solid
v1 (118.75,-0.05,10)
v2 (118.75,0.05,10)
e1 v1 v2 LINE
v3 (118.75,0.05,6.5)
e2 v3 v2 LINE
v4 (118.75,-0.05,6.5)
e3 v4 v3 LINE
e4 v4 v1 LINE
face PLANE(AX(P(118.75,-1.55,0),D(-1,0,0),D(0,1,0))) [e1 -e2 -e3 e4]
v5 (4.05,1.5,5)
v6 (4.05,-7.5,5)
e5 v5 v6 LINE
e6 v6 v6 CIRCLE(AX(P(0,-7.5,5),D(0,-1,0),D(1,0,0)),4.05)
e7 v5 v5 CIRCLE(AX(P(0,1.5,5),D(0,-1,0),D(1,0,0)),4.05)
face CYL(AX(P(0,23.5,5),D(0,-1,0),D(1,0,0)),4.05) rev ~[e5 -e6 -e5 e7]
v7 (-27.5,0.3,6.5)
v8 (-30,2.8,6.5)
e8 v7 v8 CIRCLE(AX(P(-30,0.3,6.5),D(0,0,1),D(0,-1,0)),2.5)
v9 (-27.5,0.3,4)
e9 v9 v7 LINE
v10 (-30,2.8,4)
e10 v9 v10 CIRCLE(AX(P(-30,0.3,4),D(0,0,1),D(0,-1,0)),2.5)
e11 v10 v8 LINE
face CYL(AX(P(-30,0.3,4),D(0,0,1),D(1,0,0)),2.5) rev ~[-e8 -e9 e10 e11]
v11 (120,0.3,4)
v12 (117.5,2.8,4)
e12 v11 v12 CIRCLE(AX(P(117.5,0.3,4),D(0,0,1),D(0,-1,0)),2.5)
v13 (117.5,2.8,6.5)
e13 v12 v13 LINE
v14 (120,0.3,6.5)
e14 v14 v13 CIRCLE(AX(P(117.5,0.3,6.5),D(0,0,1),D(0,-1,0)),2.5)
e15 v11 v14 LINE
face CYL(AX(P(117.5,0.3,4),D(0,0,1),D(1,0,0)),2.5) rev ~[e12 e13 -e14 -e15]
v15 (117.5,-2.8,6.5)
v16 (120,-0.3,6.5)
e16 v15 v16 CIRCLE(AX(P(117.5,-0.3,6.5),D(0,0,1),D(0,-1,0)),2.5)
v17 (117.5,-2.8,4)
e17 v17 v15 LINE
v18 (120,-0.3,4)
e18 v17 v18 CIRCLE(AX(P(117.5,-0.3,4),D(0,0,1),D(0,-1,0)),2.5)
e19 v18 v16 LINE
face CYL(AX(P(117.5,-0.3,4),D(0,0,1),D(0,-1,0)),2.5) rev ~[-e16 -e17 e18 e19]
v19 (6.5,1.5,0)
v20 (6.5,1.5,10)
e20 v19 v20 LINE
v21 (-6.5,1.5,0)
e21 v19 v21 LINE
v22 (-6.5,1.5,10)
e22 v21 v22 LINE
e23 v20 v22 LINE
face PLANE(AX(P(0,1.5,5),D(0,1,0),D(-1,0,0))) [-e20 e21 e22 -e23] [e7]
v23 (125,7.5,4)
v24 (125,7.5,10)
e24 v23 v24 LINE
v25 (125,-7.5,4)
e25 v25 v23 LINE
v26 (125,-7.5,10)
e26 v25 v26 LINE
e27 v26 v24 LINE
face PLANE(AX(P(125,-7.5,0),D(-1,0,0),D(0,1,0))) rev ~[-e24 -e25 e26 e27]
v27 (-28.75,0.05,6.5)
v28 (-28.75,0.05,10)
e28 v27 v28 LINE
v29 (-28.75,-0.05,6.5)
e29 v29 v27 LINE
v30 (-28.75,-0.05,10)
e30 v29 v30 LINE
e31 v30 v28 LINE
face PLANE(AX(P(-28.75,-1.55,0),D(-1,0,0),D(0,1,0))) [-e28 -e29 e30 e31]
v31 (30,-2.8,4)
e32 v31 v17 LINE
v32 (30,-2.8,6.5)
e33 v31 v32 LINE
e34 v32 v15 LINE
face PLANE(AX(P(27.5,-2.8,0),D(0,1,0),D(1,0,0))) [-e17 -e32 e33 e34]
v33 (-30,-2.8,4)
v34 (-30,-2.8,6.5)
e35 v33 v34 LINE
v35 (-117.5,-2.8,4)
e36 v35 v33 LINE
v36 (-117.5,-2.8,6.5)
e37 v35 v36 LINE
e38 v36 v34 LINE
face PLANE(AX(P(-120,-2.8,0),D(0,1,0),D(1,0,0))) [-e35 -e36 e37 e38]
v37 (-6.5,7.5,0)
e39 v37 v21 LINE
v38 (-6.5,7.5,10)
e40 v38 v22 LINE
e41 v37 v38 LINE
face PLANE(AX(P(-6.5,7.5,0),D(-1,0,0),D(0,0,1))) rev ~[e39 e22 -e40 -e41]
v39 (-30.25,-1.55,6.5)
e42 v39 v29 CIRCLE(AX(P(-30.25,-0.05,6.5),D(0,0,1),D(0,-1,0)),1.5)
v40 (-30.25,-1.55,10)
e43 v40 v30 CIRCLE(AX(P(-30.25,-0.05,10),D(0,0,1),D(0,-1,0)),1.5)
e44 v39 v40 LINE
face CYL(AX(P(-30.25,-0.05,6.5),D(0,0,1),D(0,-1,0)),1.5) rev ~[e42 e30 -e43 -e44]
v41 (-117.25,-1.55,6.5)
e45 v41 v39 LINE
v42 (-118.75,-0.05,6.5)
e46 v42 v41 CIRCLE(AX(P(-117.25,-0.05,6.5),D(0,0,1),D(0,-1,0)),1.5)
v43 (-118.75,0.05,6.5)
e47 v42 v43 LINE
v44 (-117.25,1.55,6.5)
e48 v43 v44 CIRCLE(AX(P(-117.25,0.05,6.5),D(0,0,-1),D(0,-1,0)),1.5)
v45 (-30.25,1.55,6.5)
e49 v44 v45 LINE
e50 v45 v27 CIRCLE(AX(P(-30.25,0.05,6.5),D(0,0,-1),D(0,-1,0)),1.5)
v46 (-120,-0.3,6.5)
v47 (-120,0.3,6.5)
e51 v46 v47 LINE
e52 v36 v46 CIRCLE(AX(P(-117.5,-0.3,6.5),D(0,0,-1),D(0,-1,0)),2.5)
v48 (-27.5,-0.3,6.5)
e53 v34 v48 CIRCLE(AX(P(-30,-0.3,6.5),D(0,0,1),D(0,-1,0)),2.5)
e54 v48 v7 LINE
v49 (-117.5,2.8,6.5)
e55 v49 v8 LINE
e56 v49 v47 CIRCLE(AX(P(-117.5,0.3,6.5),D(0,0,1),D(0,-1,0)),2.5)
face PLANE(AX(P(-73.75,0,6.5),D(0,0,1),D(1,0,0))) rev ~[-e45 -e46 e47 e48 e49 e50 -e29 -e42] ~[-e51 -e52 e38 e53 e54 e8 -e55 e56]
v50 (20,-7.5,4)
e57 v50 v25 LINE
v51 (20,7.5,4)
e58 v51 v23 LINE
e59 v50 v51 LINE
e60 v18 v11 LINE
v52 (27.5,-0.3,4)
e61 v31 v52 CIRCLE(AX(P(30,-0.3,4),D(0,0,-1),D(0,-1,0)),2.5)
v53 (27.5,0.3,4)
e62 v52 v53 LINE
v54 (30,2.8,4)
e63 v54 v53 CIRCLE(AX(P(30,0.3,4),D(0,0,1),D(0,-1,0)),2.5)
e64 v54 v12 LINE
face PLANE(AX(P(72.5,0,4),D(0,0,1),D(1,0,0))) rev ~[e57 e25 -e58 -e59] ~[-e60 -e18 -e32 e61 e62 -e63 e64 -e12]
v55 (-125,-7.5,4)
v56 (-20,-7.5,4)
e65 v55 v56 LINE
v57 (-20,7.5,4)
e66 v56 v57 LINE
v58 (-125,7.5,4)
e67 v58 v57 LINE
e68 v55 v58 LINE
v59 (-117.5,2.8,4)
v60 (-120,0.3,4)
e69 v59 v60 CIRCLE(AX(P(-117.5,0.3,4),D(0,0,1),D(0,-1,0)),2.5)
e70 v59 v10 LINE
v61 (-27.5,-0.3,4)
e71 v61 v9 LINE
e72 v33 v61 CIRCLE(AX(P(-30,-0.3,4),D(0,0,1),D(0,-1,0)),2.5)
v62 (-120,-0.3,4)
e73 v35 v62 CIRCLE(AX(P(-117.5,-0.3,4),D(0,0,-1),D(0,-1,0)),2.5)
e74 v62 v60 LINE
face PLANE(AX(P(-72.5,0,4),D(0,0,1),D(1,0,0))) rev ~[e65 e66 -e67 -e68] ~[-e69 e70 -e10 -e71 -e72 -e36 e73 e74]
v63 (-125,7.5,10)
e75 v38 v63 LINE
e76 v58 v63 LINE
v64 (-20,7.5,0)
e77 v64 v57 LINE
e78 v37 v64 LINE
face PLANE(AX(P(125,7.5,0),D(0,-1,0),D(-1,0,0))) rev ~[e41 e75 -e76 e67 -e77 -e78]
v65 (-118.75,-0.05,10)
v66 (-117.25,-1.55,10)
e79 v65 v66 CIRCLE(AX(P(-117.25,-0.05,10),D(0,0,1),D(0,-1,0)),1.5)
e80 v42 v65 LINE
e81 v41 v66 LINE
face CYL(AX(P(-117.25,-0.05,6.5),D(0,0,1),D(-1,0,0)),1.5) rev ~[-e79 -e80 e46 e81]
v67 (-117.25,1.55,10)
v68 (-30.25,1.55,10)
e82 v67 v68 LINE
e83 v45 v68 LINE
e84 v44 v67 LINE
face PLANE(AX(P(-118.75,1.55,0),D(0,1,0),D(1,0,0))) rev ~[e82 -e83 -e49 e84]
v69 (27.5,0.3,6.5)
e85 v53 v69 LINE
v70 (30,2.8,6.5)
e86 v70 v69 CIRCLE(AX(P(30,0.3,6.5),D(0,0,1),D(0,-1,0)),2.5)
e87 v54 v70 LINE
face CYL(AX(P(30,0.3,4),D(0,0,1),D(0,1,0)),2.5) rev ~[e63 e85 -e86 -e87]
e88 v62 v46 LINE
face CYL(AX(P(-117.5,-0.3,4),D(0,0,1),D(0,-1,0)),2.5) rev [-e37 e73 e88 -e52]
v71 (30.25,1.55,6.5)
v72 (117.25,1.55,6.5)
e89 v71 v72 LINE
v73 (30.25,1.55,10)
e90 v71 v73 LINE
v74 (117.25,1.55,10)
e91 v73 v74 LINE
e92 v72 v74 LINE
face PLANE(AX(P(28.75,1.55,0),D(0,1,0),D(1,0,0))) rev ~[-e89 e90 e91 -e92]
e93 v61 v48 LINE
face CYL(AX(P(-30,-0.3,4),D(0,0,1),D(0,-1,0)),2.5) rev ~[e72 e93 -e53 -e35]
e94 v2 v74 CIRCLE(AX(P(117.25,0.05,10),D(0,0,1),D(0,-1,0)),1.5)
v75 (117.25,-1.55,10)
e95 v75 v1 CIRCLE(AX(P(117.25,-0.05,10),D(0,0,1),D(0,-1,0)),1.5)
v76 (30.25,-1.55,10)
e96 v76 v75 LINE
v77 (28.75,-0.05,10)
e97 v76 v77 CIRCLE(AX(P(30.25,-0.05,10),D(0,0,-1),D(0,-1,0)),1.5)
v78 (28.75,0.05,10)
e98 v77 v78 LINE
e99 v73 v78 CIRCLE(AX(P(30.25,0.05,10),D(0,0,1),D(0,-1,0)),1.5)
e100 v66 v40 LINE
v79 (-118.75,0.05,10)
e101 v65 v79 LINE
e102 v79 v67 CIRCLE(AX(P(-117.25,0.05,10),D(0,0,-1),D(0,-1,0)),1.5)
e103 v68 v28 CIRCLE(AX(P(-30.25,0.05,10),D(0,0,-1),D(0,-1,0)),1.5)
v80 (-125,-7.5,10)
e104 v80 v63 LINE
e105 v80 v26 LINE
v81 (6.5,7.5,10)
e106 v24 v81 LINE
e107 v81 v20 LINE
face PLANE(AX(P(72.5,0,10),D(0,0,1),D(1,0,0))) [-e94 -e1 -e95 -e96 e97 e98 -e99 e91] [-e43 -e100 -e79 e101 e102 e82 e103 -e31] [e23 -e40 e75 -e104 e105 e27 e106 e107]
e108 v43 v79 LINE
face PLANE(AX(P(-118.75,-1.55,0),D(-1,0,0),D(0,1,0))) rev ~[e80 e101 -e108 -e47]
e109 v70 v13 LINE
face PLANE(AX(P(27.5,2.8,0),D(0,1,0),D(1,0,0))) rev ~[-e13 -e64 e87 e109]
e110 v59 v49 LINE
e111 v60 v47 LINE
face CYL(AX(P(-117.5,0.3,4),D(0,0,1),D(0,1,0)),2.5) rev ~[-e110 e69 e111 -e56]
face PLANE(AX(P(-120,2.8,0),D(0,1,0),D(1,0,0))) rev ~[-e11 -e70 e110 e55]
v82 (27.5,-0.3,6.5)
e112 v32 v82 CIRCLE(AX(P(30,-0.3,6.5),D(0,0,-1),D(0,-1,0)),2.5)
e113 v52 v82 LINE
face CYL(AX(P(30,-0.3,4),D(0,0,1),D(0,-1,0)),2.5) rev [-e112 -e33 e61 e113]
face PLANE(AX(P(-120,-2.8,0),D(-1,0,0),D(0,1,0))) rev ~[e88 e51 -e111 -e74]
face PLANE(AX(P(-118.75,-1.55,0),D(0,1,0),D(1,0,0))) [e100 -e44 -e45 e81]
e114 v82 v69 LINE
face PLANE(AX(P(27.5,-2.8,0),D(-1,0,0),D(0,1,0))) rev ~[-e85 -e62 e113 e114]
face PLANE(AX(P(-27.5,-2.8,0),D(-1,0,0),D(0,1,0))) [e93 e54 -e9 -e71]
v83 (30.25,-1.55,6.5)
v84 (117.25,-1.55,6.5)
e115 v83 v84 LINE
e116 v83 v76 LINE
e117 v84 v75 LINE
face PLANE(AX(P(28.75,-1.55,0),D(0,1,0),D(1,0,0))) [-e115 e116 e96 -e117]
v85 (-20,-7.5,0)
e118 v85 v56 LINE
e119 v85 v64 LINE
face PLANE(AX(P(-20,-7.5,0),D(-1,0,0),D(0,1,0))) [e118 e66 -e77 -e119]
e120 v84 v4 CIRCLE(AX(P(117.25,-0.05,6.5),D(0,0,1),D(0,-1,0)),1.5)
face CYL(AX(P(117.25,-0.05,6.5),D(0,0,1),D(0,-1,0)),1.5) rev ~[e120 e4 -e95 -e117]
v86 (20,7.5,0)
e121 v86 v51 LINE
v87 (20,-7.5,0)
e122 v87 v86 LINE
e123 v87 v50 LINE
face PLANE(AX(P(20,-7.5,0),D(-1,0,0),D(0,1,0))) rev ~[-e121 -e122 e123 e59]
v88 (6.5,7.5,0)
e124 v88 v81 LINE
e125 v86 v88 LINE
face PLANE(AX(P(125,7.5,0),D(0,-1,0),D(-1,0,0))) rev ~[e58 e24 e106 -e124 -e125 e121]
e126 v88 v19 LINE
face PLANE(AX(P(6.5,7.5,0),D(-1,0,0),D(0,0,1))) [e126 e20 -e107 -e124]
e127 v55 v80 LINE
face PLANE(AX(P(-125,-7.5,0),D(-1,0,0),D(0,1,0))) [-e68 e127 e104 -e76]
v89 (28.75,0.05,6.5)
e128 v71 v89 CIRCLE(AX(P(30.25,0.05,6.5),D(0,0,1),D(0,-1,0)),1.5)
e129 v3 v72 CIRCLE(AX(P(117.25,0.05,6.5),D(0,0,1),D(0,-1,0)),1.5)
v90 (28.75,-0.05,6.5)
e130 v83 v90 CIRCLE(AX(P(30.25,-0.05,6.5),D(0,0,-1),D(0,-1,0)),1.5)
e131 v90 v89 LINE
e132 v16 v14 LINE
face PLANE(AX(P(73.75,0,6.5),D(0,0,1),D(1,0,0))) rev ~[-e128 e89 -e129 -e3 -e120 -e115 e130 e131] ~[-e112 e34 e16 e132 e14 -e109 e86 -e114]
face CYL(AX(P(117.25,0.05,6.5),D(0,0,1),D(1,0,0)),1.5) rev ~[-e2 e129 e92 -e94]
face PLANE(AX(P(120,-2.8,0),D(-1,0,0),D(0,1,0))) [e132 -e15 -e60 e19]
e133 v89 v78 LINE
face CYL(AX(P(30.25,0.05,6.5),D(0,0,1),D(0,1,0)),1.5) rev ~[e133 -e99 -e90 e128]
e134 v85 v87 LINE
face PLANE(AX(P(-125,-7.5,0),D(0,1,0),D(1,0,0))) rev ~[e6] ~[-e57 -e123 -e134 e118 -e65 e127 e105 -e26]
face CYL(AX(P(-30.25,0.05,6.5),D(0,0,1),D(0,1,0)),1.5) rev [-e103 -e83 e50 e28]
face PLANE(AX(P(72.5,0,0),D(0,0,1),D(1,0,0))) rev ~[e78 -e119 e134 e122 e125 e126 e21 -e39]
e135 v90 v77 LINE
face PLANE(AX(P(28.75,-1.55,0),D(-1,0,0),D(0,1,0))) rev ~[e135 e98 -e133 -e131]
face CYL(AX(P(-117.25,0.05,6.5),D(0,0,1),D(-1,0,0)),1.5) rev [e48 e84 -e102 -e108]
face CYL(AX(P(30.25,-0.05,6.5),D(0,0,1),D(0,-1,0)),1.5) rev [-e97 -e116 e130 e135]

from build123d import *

# Parameters (mm, degrees)
F0_W     = 105
F0_H     = 15
F0_W_2   = 92.5
F0_H_2   = 5.6
F0_W_3   = 90
F0_H_3   = 3.1
F0_W_4   = 40
F1_DEPTH = 10
F2_DEPTH = 6.5
F3_W     = 13
F3_H     = 10
F4_DEPTH = 6
F5_D     = 8.1
F5_DEPTH = 22
F5_START = 6
F5_TIP   = 2.4334855071
F6_DEPTH = 4
F7_R     = 2.5
F8_R     = 1.5


with BuildPart() as f1:
    # F0 (on Top) → F1 (new body)
    with BuildSketch(Plane.XY):
        with Locations((72.5, 0)):
            Rectangle(F0_W, F0_H)
        with Locations((73.75, 0)):
            Rectangle(F0_W_2, F0_H_2, mode=Mode.SUBTRACT)
        with Locations((-72.5, 0)):
            Rectangle(F0_W, F0_H)
        with Locations((-73.75, 0)):
            Rectangle(F0_W_2, F0_H_2, mode=Mode.SUBTRACT)
        with Locations((-73.75, 0)):
            Rectangle(F0_W_2, F0_H_2)
        with Locations((-73.75, 0)):
            Rectangle(F0_W_3, F0_H_3, mode=Mode.SUBTRACT)
        with Locations((73.75, 0)):
            Rectangle(F0_W_2, F0_H_2)
        with Locations((73.75, 0)):
            Rectangle(F0_W_3, F0_H_3, mode=Mode.SUBTRACT)
        Rectangle(F0_W_4, F0_H)
    extrude(amount=F1_DEPTH)

    # F0 (on Top) → F2 (cut)
    with BuildSketch(Plane.XY):
        with Locations((73.75, 0)):
            Rectangle(F0_W_2, F0_H_2)
        with Locations((73.75, 0)):
            Rectangle(F0_W_3, F0_H_3, mode=Mode.SUBTRACT)
        with Locations((-73.75, 0)):
            Rectangle(F0_W_2, F0_H_2)
        with Locations((-73.75, 0)):
            Rectangle(F0_W_3, F0_H_3, mode=Mode.SUBTRACT)
    extrude(amount=F2_DEPTH, mode=Mode.SUBTRACT)

    # F3 (on face) → F4 (cut)
    with BuildSketch(Plane(origin=(0, 7.5, 0), x_dir=(-1, 0, 0), z_dir=(0, 1, 0))):
        with Locations((0, 5)):
            Rectangle(F3_W, F3_H)
    extrude(amount=-F4_DEPTH, mode=Mode.SUBTRACT)

    # F5
    # its depths count from where the whole tool has entered the part; down to there all is cleared
    with Locations(Plane(origin=(0, 7.5, 0), x_dir=(-1, 0, 0), z_dir=(0, 1, 0)).offset(-F5_START)):
        with Locations((0, 5)):
            Hole(F5_D / 2, depth=F5_DEPTH)
            with Locations((0, 0, -(F5_DEPTH + F5_TIP / 2))):  # 118° drill point
                Cone(0, F5_D / 2, F5_TIP, mode=Mode.SUBTRACT)

    # F0 (on Top) → F6 (cut)
    with BuildSketch(Plane.XY):
        with Locations((-72.5, 0)):
            Rectangle(F0_W, F0_H)
        with Locations((-73.75, 0)):
            Rectangle(F0_W_2, F0_H_2, mode=Mode.SUBTRACT)
        with Locations((72.5, 0)):
            Rectangle(F0_W, F0_H)
        with Locations((73.75, 0)):
            Rectangle(F0_W_2, F0_H_2, mode=Mode.SUBTRACT)
    extrude(amount=F6_DEPTH, mode=Mode.SUBTRACT)

    # F7
    f7_edges = [f1.edges().sort_by_distance(p)[0] for p in [
        (-27.5, 2.8, 5.25),
        (-27.5, -2.8, 5.25),
        (-120, 2.8, 5.25),
        (-120, -2.8, 5.25),
        (27.5, -2.8, 5.25),
        (120, -2.8, 5.25),
        (120, 2.8, 5.25),
        (27.5, 2.8, 5.25),
    ]]
    fillet(f7_edges, radius=F7_R)

    # F8
    f8_edges = [f1.edges().sort_by_distance(p)[0] for p in [
        (28.75, 1.55, 8.25),
        (28.75, -1.55, 8.25),
        (118.75, 1.55, 8.25),
        (118.75, -1.55, 8.25),
        (-28.75, -1.55, 8.25),
        (-28.75, 1.55, 8.25),
        (-118.75, 1.55, 8.25),
        (-118.75, -1.55, 8.25),
    ]]
    fillet(f8_edges, radius=F8_R)


solid = f1.part
